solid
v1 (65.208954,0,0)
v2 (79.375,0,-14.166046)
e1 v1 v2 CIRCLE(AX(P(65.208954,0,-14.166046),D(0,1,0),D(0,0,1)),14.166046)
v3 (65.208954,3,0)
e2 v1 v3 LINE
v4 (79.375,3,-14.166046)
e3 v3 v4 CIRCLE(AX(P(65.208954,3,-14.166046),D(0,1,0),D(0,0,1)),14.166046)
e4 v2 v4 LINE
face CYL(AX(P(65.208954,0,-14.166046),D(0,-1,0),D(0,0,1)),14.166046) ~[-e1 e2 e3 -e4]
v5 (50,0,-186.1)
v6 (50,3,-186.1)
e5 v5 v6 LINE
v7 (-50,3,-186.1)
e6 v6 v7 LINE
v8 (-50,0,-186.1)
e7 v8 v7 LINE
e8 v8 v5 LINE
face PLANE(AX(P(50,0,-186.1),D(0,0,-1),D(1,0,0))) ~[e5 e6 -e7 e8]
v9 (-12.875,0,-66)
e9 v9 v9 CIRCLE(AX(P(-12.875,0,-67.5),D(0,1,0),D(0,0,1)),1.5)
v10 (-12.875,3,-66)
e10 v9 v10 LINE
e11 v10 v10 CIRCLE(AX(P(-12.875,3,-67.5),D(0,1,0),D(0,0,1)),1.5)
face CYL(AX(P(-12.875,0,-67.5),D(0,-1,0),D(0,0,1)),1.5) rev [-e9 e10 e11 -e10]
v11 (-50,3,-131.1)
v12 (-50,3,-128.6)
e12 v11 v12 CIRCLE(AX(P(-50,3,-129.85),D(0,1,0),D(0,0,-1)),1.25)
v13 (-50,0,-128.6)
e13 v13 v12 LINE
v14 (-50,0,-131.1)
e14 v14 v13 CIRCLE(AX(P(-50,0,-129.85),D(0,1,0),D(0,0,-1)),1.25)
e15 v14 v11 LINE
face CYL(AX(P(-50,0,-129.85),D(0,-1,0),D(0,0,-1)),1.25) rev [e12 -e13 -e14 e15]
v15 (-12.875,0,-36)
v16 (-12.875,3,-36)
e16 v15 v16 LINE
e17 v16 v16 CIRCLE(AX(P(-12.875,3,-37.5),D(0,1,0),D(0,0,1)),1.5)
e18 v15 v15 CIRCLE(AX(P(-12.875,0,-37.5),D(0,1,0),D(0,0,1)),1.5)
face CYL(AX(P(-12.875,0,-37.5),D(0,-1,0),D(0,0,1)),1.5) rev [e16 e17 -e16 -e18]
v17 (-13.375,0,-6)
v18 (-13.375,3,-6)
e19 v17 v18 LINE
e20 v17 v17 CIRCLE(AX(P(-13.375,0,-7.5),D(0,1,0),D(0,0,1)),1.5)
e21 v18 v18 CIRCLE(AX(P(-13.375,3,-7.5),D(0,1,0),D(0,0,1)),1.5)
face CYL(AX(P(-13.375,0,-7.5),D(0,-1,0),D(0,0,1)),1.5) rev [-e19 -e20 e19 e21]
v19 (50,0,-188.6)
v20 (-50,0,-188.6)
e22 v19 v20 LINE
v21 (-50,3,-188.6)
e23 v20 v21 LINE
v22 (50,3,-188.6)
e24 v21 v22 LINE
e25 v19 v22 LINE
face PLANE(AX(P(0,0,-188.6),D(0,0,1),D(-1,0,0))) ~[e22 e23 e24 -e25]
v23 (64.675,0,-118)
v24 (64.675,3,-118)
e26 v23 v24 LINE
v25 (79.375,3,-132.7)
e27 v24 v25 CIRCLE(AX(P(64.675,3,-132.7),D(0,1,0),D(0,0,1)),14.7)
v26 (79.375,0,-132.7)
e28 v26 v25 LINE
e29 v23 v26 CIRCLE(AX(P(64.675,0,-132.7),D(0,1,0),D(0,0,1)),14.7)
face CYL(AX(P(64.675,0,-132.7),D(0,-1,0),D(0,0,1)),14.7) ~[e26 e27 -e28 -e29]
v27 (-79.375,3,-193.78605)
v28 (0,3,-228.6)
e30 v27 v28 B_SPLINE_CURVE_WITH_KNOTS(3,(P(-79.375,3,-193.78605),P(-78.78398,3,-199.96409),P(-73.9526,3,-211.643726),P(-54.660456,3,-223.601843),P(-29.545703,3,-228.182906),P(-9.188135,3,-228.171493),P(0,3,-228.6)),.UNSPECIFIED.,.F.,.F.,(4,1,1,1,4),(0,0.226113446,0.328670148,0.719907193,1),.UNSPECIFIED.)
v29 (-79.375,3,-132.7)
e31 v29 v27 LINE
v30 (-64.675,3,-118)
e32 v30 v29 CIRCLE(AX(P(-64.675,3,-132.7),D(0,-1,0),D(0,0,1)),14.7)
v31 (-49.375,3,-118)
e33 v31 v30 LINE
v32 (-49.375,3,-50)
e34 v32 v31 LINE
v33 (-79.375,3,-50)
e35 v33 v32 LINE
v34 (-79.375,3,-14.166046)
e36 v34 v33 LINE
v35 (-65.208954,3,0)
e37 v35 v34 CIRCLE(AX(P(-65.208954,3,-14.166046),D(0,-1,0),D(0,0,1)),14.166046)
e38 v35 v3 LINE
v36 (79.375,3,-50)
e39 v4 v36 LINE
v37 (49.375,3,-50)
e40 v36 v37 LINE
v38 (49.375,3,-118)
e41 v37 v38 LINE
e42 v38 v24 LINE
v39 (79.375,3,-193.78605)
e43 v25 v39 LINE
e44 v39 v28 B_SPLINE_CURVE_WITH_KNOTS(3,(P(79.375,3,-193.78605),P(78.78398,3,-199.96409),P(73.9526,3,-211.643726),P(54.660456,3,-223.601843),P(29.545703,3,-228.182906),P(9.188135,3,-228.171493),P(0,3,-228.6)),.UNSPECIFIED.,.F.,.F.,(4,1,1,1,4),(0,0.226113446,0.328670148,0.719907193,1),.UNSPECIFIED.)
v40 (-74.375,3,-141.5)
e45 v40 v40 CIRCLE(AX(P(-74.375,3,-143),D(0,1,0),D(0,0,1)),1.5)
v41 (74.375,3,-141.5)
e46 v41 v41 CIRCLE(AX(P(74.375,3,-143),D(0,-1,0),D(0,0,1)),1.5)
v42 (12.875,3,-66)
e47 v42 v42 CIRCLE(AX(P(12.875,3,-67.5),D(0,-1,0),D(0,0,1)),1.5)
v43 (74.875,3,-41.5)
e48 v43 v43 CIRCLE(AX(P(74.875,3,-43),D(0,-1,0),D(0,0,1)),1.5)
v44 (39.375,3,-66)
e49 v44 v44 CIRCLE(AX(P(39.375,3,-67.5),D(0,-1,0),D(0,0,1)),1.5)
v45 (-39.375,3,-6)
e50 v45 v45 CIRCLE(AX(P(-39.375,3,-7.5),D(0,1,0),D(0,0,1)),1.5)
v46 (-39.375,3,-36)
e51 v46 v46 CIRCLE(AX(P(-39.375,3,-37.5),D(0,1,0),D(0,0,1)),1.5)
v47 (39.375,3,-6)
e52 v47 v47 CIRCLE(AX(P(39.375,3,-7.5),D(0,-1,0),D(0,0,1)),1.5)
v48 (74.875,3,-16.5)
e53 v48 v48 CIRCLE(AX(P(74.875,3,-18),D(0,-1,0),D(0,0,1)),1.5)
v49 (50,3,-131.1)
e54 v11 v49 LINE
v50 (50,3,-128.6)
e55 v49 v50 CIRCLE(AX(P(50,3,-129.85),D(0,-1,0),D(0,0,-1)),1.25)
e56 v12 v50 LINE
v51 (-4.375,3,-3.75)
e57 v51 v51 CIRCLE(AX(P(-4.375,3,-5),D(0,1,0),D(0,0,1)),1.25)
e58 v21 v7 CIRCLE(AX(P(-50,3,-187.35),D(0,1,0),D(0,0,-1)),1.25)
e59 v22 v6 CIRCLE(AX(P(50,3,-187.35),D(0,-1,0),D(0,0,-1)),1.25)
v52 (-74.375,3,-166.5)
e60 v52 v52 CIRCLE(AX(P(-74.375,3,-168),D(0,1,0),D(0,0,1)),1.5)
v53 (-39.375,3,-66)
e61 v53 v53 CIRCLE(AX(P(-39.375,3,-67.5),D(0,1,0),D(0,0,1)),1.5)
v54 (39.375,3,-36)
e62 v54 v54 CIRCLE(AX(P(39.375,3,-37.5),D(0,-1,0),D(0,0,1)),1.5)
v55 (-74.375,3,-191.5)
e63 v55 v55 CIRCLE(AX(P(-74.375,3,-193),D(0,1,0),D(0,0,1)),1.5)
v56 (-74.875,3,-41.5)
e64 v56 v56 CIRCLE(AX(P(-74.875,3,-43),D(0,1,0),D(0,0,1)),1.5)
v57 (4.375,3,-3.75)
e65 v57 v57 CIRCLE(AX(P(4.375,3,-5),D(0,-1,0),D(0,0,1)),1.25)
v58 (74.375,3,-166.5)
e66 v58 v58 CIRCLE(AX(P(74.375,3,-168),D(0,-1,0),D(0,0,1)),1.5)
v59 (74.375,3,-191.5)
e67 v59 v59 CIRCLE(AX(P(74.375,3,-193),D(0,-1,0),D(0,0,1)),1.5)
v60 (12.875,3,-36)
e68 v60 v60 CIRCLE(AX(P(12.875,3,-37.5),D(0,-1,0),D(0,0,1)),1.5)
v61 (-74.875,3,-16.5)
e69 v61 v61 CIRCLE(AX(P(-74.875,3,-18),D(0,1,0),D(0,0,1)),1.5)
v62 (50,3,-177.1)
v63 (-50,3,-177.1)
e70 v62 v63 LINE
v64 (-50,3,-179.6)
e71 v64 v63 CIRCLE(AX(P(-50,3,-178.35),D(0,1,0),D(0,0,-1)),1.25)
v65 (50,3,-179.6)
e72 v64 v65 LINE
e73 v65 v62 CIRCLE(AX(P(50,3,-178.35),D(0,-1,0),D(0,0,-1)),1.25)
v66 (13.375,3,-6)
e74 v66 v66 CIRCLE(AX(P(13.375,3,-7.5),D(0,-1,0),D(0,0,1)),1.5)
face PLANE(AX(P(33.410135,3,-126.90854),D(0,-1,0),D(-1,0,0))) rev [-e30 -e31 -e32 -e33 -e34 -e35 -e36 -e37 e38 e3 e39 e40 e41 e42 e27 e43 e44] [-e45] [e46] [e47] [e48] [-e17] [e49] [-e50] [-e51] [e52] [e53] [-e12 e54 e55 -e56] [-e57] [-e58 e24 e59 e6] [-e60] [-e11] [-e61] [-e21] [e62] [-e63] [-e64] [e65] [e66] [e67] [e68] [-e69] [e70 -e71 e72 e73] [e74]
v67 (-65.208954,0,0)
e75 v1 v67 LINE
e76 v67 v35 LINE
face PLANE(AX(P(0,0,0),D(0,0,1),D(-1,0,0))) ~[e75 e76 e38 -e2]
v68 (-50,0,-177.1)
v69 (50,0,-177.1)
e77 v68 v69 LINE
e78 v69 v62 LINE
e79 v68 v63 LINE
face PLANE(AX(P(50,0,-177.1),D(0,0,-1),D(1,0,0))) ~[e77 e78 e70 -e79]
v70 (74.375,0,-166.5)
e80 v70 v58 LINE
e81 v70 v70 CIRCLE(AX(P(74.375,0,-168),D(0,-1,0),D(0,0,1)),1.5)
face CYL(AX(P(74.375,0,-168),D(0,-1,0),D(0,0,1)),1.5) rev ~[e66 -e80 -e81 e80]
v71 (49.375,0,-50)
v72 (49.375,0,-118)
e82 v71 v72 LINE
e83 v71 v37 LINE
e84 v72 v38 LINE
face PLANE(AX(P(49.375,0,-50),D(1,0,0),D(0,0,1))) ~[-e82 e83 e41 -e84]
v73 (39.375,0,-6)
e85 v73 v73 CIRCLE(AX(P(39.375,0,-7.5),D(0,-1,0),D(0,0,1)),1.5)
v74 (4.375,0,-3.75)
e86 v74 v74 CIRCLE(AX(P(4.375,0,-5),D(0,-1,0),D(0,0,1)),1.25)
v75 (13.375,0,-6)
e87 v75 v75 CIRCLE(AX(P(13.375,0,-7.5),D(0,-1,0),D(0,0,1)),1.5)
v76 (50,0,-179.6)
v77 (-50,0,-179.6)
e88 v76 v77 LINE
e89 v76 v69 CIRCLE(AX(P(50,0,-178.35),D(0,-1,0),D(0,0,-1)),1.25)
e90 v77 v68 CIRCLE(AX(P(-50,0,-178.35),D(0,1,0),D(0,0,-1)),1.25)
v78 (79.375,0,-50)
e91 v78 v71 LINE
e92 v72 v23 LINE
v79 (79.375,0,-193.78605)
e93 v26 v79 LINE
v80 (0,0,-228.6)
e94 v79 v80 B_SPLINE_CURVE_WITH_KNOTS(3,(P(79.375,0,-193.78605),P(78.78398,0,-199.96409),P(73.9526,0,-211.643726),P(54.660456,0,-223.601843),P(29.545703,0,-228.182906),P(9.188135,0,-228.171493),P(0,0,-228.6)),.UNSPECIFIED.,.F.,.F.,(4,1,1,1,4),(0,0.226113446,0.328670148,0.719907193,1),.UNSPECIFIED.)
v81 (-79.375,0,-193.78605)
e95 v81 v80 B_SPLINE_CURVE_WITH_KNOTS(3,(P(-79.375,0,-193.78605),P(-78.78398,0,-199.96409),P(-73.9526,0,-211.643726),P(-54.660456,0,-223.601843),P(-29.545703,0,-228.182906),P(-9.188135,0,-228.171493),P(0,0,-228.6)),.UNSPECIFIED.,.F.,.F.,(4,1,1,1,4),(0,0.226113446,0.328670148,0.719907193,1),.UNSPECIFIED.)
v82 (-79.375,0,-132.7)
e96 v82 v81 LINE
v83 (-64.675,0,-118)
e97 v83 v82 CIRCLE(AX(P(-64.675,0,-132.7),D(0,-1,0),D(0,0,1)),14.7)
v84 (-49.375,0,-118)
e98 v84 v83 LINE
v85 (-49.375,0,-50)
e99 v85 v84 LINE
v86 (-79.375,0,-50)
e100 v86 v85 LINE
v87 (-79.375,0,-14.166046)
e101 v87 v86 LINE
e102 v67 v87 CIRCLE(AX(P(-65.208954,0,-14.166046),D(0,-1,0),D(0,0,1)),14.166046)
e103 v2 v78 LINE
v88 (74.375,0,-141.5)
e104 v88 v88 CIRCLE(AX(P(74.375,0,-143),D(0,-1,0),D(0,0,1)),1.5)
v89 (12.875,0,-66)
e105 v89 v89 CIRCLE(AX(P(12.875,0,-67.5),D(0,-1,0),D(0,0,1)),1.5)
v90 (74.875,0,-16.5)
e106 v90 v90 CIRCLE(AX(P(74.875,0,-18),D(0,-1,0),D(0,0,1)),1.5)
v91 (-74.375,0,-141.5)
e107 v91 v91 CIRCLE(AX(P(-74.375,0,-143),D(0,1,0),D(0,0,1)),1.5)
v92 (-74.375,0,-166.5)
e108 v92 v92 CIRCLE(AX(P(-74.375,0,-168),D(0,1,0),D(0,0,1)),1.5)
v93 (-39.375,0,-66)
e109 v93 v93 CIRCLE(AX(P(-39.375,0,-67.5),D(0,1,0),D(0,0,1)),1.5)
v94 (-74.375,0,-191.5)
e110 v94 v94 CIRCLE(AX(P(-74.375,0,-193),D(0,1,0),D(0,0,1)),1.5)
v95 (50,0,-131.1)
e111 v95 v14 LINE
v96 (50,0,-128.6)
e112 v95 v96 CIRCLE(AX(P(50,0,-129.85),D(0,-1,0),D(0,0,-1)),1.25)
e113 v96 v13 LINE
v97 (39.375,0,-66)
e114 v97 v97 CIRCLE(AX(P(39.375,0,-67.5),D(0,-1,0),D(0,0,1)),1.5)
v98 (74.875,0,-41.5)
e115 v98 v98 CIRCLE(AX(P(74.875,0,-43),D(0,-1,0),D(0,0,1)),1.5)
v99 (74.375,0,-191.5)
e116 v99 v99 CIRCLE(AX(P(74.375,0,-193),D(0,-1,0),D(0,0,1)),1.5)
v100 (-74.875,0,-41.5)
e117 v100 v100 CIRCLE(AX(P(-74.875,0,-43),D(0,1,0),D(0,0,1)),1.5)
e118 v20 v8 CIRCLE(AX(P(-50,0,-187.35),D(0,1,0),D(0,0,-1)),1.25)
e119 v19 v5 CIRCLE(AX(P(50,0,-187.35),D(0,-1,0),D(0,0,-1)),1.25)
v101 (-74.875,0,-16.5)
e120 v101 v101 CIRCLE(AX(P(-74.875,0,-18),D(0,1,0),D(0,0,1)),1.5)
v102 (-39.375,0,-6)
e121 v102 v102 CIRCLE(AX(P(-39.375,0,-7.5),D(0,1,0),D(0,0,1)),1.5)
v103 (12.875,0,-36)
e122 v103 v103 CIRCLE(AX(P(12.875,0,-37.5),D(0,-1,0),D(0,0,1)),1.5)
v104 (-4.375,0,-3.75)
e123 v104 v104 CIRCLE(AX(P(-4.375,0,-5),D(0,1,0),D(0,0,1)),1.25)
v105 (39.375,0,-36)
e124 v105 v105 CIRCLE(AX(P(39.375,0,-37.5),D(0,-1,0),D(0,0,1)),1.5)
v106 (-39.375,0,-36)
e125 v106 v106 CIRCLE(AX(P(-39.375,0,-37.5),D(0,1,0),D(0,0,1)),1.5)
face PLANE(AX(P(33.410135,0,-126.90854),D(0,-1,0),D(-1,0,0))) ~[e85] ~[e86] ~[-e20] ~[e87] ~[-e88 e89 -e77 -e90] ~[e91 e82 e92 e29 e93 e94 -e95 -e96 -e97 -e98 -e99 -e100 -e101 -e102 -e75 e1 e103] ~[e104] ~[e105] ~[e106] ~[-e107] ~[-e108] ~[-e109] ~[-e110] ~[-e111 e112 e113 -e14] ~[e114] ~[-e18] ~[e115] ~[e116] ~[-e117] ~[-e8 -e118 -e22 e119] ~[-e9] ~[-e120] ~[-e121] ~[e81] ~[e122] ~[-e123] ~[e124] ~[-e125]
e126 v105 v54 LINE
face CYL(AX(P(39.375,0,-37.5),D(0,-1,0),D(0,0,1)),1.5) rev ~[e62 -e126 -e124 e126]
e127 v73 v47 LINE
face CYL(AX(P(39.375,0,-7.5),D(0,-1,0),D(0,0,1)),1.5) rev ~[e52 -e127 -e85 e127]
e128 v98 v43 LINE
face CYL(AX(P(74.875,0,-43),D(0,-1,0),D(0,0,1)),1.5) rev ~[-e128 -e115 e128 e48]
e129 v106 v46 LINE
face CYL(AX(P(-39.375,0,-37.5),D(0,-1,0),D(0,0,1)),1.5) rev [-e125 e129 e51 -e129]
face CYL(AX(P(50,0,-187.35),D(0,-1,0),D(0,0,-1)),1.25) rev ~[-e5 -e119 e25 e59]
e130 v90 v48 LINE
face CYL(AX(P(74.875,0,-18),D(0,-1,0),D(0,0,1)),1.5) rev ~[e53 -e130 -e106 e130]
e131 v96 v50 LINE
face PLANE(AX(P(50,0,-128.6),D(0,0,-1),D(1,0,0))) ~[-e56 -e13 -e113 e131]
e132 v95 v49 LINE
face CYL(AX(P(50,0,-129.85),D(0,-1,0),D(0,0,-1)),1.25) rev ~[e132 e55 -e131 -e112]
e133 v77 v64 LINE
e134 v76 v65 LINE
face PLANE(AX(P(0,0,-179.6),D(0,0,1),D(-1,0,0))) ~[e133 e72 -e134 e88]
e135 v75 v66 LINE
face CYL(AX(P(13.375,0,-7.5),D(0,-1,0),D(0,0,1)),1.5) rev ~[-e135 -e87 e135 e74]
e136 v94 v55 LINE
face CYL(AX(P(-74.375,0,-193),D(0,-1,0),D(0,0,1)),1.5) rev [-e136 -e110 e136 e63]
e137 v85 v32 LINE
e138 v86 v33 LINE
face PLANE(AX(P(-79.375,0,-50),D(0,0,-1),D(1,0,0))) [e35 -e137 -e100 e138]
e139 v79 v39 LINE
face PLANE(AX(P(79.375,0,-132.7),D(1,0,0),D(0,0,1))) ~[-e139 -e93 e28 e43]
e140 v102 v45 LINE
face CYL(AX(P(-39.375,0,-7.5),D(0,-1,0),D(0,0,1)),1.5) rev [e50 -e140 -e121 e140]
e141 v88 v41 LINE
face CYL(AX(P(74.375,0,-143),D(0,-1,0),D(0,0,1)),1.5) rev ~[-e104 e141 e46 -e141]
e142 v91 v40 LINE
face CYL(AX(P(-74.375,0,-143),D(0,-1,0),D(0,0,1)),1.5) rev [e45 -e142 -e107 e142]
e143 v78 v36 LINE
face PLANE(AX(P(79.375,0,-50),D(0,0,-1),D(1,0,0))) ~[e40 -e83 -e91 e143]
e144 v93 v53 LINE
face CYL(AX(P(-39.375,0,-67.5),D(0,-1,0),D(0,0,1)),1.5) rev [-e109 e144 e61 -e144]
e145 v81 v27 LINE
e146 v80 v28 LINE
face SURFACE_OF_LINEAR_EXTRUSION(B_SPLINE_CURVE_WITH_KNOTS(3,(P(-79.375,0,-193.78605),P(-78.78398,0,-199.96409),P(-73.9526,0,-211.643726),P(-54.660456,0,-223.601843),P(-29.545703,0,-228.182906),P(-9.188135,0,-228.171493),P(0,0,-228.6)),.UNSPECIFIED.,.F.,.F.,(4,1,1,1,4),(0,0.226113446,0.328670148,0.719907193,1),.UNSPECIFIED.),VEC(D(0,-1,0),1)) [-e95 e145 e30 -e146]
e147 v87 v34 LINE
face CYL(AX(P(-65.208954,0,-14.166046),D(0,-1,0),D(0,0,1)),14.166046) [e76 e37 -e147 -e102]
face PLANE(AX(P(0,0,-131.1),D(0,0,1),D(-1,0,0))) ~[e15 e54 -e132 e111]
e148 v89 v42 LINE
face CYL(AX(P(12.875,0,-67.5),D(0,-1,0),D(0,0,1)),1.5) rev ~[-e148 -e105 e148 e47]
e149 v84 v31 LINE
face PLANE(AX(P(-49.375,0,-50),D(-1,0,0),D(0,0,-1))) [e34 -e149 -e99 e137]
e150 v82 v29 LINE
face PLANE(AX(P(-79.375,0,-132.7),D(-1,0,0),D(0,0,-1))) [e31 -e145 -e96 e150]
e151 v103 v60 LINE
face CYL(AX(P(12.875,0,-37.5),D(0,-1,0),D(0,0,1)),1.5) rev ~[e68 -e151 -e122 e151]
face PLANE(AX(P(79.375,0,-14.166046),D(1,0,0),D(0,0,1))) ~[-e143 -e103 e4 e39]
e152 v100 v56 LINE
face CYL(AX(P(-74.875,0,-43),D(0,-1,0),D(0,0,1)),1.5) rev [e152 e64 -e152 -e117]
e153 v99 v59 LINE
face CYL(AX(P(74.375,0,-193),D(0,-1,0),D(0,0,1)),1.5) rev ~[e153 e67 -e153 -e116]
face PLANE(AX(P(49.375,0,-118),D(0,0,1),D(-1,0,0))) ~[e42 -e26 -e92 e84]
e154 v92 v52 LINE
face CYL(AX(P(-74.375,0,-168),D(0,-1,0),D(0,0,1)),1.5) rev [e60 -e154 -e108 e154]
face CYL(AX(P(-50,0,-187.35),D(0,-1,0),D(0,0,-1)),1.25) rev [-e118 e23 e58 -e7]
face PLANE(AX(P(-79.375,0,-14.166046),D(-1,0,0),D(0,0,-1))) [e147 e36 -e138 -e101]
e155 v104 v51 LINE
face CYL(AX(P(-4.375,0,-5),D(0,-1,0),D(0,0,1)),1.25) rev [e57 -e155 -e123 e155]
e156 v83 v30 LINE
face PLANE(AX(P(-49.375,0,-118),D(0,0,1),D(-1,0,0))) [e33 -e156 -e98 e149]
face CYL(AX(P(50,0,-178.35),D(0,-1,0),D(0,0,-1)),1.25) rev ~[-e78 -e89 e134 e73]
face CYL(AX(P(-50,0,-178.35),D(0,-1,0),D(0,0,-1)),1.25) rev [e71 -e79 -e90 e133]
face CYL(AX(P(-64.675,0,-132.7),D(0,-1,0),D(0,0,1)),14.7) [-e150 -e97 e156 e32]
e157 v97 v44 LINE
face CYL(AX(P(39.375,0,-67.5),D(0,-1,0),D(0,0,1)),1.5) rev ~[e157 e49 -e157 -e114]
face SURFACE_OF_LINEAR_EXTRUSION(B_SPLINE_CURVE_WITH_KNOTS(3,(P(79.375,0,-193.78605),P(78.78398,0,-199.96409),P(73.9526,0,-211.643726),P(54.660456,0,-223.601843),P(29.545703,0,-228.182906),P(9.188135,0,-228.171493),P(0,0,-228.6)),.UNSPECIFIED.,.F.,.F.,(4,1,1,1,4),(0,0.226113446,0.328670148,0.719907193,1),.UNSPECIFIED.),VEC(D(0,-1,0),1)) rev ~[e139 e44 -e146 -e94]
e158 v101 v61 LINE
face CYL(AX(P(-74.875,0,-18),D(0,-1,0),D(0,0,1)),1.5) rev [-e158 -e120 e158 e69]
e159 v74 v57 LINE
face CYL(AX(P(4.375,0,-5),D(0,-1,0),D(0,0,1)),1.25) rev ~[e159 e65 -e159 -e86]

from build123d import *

# Parameters (mm, degrees)
SKETCH4_R           = 1.5
SKETCH4_R_2         = 1.25
BOSS_EXTRUDE2_DEPTH = 3


with BuildPart() as part:
    # Sketch4 → Boss-Extrude2 (new body)
    with BuildSketch(Plane(origin=(0, 0, 0), x_dir=(1, 0, 0), z_dir=(0, 1, 0))):
        with BuildLine():
            Line((0, 128.6), (0, 0))
            Line((0, 0), (-65.208953904, 0))
            ThreePointArc((-65.208953904, 0), (-75.225861161, 4.149138839), (-79.375, 14.166046096))
            Line((-79.375, 14.166046096), (-79.375, 50))
            Line((-79.375, 50), (-49.375, 50))
            Line((-49.375, 50), (-49.375, 118))
            Line((-49.375, 118), (-64.675, 118))
            ThreePointArc((-64.675, 118), (-75.069469683, 122.305530317), (-79.375, 132.7))
            Line((-79.375, 132.7), (-79.375, 193.786049975))
            add(Edge.make_bspline(
                [(-79.375, 193.786049975), (-78.783979858, 199.964089634), (-73.952599984, 211.643726286), (-54.660456042, 223.601842558), (-29.545703417, 228.182905558), (-9.188135392, 228.171492971), (0, 228.6)],
                knots=[0, 0, 0, 0, 0.226113446, 0.328670148, 0.719907193, 1, 1, 1, 1], degree=3))
            Line((0, 228.6), (0, 188.6))
            Line((0, 188.6), (-50, 188.6))
            ThreePointArc((-50, 188.6), (-51.25, 187.35), (-50, 186.1))
            Line((-50, 186.1), (0, 186.1))
            Line((0, 186.1), (0, 179.6))
            Line((0, 179.6), (-50, 179.6))
            ThreePointArc((-50, 179.6), (-51.25, 178.35), (-50, 177.1))
            Line((-50, 177.1), (0, 177.1))
            Line((0, 177.1), (0, 131.1))
            Line((0, 131.1), (-50, 131.1))
            ThreePointArc((-50, 131.1), (-51.25, 129.85), (-50, 128.6))
            Line((-50, 128.6), (0, 128.6))
        make_face()
        with Locations(Location((-74.875, 43, 0), (0, 0, 270))):
            Circle(SKETCH4_R, mode=Mode.SUBTRACT)
        with Locations(Location((-74.875, 18, 0), (0, 0, 270))):
            Circle(SKETCH4_R, mode=Mode.SUBTRACT)
        with Locations(Location((-39.375, 7.5, 0), (0, 0, 270))):
            Circle(SKETCH4_R, mode=Mode.SUBTRACT)
        with Locations(Location((-13.375, 7.5, 0), (0, 0, 270))):
            Circle(SKETCH4_R, mode=Mode.SUBTRACT)
        with Locations(Location((-4.375, 5, 0), (0, 0, 270))):
            Circle(SKETCH4_R_2, mode=Mode.SUBTRACT)
        with Locations(Location((-74.375, 143, 0), (0, 0, 270))):
            Circle(SKETCH4_R, mode=Mode.SUBTRACT)
        with Locations(Location((-74.375, 168, 0), (0, 0, 270))):
            Circle(SKETCH4_R, mode=Mode.SUBTRACT)
        with Locations(Location((-74.375, 193, 0), (0, 0, 270))):
            Circle(SKETCH4_R, mode=Mode.SUBTRACT)
        with Locations(Location((-39.375, 37.5, 0), (0, 0, 270))):
            Circle(SKETCH4_R, mode=Mode.SUBTRACT)
        with Locations(Location((-39.375, 67.5, 0), (0, 0, 270))):
            Circle(SKETCH4_R, mode=Mode.SUBTRACT)
        with Locations(Location((-12.875, 37.5, 0), (0, 0, 270))):
            Circle(SKETCH4_R, mode=Mode.SUBTRACT)
        with Locations(Location((-12.875, 67.5, 0), (0, 0, 270))):
            Circle(SKETCH4_R, mode=Mode.SUBTRACT)
    boss_extrude2 = extrude(amount=BOSS_EXTRUDE2_DEPTH)

    # Mirror4: part across plane


with BuildPart() as part_1:
    add(part.part)
    add(part.part.mirror(Plane(origin=(0, 3, -177.1), x_dir=(0, 0, 1), z_dir=(-1, 0, 0))))


with BuildPart() as mirror2_1:
    # Mirror2: Boss-Extrude2 across Right Plane
    add(boss_extrude2.mirror(Plane(origin=(0, 0, 0), x_dir=(0, 0, -1), z_dir=(1, 0, 0))))


with BuildPart() as part_2:
    add(part_1.part)

    # Mirror2 united with what the copies touc: union Mirror2_1
    add(mirror2_1.part)


solid = part_2.part
